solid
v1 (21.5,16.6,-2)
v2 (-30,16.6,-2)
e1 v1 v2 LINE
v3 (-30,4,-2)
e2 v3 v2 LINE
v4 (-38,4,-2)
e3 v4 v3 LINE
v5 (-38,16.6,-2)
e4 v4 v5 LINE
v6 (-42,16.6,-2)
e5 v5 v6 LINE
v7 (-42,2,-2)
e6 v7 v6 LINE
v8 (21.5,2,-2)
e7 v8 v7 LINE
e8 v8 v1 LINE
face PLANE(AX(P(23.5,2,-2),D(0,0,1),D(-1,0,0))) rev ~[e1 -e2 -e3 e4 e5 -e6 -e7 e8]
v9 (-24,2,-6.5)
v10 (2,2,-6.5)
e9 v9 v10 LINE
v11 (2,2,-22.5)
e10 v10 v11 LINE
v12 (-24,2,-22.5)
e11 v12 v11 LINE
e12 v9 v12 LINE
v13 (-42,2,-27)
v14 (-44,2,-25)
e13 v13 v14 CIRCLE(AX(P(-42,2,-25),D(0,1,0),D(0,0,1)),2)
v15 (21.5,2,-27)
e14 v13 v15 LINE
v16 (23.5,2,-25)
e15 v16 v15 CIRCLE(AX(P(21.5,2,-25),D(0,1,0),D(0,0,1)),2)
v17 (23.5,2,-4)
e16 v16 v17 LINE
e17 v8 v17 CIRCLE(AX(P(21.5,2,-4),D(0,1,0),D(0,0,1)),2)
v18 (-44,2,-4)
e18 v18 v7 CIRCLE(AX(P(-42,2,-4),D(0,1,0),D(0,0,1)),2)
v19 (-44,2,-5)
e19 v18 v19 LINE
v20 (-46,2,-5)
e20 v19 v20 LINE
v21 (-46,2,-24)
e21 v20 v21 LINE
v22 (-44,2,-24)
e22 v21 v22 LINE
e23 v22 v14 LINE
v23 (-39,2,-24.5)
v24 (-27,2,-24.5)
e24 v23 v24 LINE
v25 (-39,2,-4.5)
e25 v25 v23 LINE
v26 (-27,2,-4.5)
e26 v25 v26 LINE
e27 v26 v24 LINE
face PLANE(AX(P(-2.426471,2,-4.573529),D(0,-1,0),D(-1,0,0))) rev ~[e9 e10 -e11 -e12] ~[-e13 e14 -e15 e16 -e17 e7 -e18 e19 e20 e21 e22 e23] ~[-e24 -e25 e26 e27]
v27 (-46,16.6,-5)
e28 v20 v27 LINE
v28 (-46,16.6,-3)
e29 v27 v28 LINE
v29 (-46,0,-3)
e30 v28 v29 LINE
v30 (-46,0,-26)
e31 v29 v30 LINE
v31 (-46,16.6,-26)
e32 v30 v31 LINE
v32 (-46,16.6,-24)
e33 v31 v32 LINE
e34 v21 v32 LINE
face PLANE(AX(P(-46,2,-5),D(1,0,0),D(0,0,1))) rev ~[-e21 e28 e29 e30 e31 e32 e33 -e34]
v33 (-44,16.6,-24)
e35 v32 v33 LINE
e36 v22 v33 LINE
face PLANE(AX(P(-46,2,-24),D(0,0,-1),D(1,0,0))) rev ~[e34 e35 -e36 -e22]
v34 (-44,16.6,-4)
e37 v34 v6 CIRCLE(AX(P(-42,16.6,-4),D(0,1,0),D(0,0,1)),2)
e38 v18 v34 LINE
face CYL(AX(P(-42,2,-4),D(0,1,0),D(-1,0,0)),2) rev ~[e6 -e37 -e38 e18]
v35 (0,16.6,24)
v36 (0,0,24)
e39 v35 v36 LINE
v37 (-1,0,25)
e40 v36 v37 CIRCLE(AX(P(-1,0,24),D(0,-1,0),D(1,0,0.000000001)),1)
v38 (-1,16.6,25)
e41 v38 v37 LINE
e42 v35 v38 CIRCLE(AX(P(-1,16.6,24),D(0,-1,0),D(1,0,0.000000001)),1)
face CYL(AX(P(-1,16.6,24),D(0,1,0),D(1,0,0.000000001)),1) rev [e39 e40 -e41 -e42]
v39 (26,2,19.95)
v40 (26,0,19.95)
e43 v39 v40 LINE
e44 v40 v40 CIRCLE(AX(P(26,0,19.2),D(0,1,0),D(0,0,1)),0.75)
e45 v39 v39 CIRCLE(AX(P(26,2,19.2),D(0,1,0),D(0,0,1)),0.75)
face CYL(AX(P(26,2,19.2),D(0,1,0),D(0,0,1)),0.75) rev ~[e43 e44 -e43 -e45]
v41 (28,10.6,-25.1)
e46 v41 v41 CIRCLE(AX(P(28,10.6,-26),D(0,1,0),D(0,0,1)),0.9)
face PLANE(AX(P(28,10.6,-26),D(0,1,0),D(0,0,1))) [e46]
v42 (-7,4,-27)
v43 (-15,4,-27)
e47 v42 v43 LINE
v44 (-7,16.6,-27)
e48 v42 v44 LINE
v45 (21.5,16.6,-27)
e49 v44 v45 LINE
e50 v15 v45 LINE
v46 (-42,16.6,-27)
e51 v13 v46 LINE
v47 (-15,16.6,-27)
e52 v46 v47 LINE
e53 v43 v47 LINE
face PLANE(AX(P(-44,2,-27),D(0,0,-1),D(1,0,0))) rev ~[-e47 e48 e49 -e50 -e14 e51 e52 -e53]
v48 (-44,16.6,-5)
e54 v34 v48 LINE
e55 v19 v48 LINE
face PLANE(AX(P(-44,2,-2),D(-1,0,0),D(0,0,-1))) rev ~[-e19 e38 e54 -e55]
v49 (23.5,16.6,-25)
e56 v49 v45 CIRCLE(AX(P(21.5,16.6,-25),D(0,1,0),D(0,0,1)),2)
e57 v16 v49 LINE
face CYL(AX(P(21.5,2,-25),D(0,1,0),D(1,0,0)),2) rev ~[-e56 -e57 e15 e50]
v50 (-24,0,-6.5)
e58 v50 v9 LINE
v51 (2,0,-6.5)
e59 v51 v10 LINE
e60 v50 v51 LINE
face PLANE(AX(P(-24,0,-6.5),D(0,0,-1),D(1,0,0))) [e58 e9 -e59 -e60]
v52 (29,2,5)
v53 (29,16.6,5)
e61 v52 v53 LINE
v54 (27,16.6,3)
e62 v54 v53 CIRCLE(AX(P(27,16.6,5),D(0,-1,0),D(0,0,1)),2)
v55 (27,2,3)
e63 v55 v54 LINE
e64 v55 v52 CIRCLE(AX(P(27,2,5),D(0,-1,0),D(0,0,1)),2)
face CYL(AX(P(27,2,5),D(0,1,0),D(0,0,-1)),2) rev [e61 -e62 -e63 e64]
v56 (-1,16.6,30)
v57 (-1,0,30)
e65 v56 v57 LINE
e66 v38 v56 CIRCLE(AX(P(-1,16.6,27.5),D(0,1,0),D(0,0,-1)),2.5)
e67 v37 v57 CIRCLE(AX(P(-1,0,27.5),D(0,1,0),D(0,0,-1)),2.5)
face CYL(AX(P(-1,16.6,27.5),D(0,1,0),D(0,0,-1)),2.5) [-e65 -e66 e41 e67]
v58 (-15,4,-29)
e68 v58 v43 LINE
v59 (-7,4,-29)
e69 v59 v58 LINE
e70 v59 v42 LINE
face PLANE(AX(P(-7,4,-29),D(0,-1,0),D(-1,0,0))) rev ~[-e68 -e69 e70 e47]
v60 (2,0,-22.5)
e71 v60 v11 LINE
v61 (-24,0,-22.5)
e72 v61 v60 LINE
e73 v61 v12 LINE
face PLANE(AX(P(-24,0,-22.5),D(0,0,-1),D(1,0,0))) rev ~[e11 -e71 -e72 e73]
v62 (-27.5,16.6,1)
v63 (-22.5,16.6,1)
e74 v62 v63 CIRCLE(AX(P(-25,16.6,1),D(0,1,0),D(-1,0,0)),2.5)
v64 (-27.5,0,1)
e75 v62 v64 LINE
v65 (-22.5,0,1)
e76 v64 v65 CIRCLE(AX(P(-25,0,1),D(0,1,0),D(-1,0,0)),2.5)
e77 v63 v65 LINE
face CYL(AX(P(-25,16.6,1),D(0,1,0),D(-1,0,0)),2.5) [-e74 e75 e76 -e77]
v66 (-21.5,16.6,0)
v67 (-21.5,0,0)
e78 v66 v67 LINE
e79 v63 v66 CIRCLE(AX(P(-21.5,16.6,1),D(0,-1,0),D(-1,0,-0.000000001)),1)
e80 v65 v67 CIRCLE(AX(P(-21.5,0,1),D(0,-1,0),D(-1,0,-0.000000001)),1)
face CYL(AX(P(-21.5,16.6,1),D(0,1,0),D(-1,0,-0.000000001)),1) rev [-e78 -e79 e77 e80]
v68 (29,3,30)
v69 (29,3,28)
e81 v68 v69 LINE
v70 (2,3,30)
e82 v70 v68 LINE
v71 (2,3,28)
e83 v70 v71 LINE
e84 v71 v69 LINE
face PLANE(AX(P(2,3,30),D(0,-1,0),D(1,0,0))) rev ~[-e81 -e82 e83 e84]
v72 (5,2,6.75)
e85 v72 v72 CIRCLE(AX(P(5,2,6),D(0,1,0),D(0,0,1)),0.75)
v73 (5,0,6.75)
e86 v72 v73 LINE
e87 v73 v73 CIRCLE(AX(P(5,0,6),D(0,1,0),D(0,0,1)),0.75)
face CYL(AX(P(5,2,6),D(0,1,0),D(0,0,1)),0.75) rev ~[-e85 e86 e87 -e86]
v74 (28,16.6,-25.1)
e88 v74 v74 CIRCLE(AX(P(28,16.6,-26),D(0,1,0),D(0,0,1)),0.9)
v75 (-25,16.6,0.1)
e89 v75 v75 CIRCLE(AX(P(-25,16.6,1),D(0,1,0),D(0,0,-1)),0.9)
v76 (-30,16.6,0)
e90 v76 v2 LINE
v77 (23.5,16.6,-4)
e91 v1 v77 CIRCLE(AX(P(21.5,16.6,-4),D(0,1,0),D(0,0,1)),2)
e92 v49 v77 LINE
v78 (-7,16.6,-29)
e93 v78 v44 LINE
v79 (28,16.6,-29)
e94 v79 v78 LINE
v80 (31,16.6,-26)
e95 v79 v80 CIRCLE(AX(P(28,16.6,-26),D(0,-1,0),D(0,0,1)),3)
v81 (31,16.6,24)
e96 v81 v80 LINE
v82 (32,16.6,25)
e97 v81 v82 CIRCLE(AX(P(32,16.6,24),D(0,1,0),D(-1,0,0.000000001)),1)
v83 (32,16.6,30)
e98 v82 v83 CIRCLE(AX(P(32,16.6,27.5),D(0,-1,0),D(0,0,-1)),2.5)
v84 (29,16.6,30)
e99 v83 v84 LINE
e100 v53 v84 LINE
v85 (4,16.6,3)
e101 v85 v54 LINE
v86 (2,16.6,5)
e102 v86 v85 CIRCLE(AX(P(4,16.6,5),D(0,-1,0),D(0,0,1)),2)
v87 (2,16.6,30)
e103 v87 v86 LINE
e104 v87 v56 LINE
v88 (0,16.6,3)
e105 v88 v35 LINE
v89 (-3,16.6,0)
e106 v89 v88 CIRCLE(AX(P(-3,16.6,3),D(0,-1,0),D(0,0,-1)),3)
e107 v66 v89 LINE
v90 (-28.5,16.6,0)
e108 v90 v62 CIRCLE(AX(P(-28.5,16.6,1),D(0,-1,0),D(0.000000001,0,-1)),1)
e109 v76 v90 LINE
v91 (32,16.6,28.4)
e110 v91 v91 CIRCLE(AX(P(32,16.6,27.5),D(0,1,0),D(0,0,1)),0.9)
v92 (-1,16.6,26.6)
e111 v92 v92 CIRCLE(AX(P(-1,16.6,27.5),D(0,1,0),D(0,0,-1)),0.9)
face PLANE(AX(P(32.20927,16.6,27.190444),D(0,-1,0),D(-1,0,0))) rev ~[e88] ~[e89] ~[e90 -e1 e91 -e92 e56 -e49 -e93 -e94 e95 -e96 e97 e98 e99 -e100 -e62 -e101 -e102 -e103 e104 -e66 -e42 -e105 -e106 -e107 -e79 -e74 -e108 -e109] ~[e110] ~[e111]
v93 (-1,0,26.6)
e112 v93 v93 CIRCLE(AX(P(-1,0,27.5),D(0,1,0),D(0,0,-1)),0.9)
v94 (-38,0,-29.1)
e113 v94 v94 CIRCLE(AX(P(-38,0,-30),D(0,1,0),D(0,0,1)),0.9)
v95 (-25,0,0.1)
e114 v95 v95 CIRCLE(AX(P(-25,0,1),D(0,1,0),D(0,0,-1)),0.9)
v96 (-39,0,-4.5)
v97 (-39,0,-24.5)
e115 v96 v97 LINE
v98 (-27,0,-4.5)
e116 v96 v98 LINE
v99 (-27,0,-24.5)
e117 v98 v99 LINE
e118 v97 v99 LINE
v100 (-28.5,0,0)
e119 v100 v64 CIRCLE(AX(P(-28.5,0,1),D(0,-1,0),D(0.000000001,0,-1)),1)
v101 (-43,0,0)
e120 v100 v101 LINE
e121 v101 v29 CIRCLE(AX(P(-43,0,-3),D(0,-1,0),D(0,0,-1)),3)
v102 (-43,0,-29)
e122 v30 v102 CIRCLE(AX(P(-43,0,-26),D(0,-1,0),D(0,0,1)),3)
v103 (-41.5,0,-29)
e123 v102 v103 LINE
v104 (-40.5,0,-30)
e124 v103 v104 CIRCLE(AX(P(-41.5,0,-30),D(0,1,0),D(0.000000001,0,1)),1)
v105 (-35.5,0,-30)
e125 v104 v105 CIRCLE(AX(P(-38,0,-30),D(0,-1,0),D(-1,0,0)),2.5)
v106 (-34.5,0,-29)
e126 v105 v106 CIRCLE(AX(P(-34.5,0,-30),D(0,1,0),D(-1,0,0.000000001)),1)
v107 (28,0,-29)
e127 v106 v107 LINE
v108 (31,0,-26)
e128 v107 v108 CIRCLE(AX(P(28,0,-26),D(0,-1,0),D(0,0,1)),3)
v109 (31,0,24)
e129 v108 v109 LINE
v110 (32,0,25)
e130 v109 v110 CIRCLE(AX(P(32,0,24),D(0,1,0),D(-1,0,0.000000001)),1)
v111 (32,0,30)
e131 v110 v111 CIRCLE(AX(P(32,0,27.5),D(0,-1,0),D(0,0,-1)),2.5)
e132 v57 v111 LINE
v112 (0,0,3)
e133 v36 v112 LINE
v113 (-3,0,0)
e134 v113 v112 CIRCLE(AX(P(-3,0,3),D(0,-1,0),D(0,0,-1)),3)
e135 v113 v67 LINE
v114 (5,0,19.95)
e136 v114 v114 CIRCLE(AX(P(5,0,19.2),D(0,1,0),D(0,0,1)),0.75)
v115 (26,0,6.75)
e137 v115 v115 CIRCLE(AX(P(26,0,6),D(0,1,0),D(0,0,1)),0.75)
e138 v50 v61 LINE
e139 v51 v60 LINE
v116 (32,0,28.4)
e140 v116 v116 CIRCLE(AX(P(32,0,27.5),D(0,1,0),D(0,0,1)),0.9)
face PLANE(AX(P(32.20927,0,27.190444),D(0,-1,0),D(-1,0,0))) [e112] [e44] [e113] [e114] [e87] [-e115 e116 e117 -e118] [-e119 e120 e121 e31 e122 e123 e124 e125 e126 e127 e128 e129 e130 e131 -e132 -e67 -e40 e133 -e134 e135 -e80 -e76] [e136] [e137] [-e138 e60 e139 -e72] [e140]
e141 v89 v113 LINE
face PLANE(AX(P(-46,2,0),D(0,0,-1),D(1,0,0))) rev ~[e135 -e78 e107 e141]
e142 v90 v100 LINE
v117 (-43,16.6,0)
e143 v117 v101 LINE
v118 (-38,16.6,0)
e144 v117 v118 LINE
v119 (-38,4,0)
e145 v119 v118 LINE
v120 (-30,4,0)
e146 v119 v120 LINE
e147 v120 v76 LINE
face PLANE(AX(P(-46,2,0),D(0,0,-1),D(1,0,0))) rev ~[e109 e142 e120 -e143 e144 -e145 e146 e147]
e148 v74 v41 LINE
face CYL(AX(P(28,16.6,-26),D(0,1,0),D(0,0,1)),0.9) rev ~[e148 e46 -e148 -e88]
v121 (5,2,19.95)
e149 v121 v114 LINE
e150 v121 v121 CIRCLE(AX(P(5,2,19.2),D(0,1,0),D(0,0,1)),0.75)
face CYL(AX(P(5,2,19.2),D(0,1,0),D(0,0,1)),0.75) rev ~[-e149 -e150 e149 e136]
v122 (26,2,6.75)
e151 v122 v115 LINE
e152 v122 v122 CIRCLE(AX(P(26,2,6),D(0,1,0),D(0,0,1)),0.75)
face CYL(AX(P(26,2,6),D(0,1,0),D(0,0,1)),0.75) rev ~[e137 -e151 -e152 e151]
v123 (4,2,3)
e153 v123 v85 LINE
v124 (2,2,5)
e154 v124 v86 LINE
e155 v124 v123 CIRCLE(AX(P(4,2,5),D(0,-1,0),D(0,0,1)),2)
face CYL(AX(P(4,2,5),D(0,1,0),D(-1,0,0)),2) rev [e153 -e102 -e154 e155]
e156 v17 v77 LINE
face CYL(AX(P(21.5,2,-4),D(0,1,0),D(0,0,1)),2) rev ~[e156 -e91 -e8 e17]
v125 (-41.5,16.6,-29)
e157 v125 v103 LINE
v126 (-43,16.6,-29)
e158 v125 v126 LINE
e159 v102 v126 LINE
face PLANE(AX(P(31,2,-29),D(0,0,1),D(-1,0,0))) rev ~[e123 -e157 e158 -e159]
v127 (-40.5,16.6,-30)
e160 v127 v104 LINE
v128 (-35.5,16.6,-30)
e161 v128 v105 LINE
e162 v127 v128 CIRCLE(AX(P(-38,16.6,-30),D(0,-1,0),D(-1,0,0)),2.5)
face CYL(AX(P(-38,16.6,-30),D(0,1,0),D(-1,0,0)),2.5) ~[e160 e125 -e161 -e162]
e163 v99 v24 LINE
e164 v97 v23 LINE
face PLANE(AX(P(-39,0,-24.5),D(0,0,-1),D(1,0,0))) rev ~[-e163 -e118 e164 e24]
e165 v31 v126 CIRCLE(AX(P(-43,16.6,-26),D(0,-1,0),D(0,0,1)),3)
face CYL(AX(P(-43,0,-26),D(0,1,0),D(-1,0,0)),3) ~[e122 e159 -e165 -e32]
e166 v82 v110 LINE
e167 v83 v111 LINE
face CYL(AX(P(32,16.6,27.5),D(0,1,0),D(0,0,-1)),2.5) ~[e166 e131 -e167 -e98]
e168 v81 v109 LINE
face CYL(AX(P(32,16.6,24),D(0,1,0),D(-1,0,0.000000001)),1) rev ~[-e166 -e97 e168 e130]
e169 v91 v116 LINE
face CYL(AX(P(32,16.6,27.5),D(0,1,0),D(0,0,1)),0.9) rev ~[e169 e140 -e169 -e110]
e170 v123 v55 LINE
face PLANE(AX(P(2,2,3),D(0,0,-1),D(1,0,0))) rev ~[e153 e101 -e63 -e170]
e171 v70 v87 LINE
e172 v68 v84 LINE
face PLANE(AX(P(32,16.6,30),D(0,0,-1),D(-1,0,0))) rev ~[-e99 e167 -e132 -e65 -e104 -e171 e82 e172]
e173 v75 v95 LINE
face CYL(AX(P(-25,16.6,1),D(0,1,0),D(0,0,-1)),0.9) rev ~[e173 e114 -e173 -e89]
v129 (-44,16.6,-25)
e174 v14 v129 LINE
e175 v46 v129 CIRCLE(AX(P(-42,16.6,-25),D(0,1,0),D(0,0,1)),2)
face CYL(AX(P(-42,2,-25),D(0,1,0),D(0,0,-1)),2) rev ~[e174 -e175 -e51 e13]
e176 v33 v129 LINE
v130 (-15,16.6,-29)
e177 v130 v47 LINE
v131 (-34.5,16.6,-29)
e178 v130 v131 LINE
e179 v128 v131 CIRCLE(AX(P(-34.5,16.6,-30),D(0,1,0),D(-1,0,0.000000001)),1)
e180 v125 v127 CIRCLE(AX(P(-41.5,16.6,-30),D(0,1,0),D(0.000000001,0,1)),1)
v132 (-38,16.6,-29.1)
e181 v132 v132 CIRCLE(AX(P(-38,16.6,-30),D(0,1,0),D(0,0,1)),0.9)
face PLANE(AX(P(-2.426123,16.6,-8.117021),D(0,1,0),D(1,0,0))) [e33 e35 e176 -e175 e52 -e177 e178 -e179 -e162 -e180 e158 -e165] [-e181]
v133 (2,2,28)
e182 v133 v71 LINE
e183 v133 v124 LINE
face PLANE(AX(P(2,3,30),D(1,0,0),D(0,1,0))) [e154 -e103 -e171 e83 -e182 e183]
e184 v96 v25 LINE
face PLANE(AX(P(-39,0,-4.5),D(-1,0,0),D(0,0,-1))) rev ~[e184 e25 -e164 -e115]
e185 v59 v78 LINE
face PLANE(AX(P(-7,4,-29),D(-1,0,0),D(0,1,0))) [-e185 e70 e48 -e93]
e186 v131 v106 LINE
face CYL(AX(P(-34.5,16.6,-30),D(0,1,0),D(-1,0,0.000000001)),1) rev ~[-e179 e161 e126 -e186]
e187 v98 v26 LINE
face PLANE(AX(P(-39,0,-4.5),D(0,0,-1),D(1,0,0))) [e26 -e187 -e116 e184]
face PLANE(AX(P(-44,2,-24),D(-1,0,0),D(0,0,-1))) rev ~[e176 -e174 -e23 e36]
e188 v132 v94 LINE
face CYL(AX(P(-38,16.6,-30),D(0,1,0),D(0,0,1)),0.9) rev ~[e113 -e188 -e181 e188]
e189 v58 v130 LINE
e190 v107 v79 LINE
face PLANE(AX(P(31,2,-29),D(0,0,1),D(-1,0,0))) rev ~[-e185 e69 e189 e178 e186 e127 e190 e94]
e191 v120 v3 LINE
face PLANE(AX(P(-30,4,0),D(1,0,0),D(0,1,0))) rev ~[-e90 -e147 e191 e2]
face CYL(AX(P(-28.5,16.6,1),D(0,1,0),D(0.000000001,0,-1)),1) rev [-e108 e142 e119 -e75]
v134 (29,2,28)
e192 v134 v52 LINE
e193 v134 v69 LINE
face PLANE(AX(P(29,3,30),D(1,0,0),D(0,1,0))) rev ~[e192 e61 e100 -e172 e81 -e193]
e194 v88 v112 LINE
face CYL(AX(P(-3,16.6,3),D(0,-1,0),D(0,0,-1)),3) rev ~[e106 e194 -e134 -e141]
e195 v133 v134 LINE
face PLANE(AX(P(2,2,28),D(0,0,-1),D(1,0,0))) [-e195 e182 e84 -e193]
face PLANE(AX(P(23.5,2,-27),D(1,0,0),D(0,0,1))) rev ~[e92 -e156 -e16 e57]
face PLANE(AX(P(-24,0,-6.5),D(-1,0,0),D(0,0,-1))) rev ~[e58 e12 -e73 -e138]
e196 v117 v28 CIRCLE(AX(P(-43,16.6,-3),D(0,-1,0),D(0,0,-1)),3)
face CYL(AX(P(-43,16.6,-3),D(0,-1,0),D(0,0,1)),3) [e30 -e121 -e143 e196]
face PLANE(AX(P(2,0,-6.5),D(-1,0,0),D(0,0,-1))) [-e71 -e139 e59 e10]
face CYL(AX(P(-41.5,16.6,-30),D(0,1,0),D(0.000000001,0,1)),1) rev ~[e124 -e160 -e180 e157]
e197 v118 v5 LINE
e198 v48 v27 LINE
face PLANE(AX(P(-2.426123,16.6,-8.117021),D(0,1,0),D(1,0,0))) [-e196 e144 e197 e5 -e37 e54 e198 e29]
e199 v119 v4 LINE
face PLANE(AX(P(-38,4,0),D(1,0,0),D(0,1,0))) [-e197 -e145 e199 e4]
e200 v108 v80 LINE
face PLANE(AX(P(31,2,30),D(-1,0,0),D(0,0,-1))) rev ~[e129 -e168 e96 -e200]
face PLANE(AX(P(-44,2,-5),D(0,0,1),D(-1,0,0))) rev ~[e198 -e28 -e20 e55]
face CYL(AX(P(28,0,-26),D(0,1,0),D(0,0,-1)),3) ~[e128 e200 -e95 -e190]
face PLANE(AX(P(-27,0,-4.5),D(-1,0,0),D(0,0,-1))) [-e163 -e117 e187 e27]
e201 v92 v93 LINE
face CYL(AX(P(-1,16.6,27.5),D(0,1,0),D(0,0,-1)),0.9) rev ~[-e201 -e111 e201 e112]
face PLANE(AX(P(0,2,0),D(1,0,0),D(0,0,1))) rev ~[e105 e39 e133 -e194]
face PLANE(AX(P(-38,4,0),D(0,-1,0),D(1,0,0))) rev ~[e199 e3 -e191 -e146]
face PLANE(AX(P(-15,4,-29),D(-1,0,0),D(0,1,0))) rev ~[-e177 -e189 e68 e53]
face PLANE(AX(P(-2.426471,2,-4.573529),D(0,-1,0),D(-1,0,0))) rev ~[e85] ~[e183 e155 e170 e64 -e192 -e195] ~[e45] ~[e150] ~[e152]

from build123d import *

# Parameters (mm, degrees)
CROQUIS1_W              = 12
CROQUIS1_H              = 20
CROQUIS1_W_2            = 26
CROQUIS1_H_2            = 16
SALIENTE_EXTRUIR1_DEPTH = 2
CROQUIS2_W              = 27
CROQUIS2_H              = 25
SALIENTE_EXTRUIR2_DEPTH = 14.6
CROQUIS3_W              = 27
CROQUIS3_H              = 13.6
CORTAR_EXTRUIR1_DEPTH   = 2
REDONDEO1_R             = 3
REDONDEO2_R             = 2
CROQUIS4_W              = 8
CROQUIS4_H              = 12.6
CORTAR_EXTRUIR2_DEPTH   = 2
CROQUIS5_W              = 8
CROQUIS5_H              = 12.6
CORTAR_EXTRUIR3_DEPTH   = 2
CROQUIS6_R              = 0.75
CORTAR_EXTRUIR4_DEPTH   = 2
CROQUIS7_R              = 0.9
SALIENTE_EXTRUIR3_DEPTH = 16.6
CROQUIS8_R              = 0.9
CORTAR_EXTRUIR5_DEPTH   = 6


with BuildPart() as part:
    # Croquis1 → Saliente-Extruir1 (new body)
    with BuildSketch(Plane(origin=(0, 0, 0), x_dir=(1, 0, 0), z_dir=(0, 1, 0))):
        Polygon((31, 29), (31, -30), (0, -30), (0, 0), (-46, 0), (-46, 29), align=None)
        with Locations((-33, 14.5)):
            Rectangle(CROQUIS1_W, CROQUIS1_H, mode=Mode.SUBTRACT)
        with Locations((-11, 14.5)):
            Rectangle(CROQUIS1_W_2, CROQUIS1_H_2, mode=Mode.SUBTRACT)
    extrude(amount=SALIENTE_EXTRUIR1_DEPTH)

    # Croquis2 → Saliente-Extruir2 (add)
    with BuildSketch(Plane(origin=(0, 2, 0), x_dir=(1, 0, 0), z_dir=(0, 1, 0))):
        Polygon((0, -30), (31, -30), (31, 29), (-46, 29), (-46, 24), (-44, 24), (-44, 27), (23.5, 27), (23.5, 2), (-44, 2), (-44, 5), (-46, 5), (-46, 0), (0, 0), align=None)
        with Locations((15.5, -15.5)):
            Rectangle(CROQUIS2_W, CROQUIS2_H, mode=Mode.SUBTRACT)
    extrude(amount=SALIENTE_EXTRUIR2_DEPTH)

    # Croquis3 → Cortar-Extruir1 (cut)
    with BuildSketch(Plane.XY.offset(30)):
        with Locations((15.5, 9.8)):
            Rectangle(CROQUIS3_W, CROQUIS3_H)
    extrude(amount=-CORTAR_EXTRUIR1_DEPTH, mode=Mode.SUBTRACT)

    # Redondeo1
    redondeo1_edges = [part.edges().sort_by_distance(p)[0] for p in [
        (0, 8.3, 0),
        (-46, 8.3, 0),
        (-46, 8.3, -29),
        (31, 8.3, -29),
    ]]
    fillet(redondeo1_edges, radius=REDONDEO1_R)

    # Redondeo2
    redondeo2_edges = [part.edges().sort_by_distance(p)[0] for p in [
        (-44, 9.3, -27),
        (23.5, 9.3, -27),
        (23.5, 9.3, -2),
        (-44, 9.3, -2),
        (29, 9.3, 3),
        (2, 9.3, 3),
    ]]
    fillet(redondeo2_edges, radius=REDONDEO2_R)

    # Croquis4 → Cortar-Extruir2 (cut)
    with BuildSketch(Plane.XY):
        with Locations((-34, 10.3)):
            Rectangle(CROQUIS4_W, CROQUIS4_H)
    extrude(amount=-CORTAR_EXTRUIR2_DEPTH, mode=Mode.SUBTRACT)

    # Croquis5 → Cortar-Extruir3 (cut)
    with BuildSketch(Plane(origin=(0, 0, -29), x_dir=(-1, 0, 0), z_dir=(0, 0, -1))):
        with Locations((11, 10.3)):
            Rectangle(CROQUIS5_W, CROQUIS5_H)
    extrude(amount=-CORTAR_EXTRUIR3_DEPTH, mode=Mode.SUBTRACT)

    # Croquis6 → Cortar-Extruir4 (cut)
    with BuildSketch(Plane(origin=(0, 2, 0), x_dir=(1, 0, 0), z_dir=(0, 1, 0))):
        with Locations(Location((26, -6, 0), (0, 0, 270))):
            Circle(CROQUIS6_R)
        with Locations(Location((5, -6, 0), (0, 0, 270))):
            Circle(CROQUIS6_R)
        with Locations(Location((5, -19.2, 0), (0, 0, 270))):
            Circle(CROQUIS6_R)
        with Locations(Location((26, -19.2, 0), (0, 0, 270))):
            Circle(CROQUIS6_R)
    extrude(amount=-CORTAR_EXTRUIR4_DEPTH, mode=Mode.SUBTRACT)

    # Croquis7 → Saliente-Extruir3 (add)
    # profile 1 of 4: a face of its own
    with BuildSketch(Plane(origin=(0, 16.6, 0), x_dir=(1, 0, 0), z_dir=(0, 1, 0))):
        with BuildLine():
            Line((31, -30), (31, -24))
            ThreePointArc((31, -24), (31.292893219, -24.707106781), (32, -25))
            ThreePointArc((32, -25), (34.5, -27.5), (32, -30))
            Line((32, -30), (31, -30))
        make_face()
        with Locations(Location((32, -27.5, 0), (0, 0, 270))):
            Circle(CROQUIS7_R, mode=Mode.SUBTRACT)
    # profile 2 of 4: a face of its own
    with BuildSketch(Plane(origin=(0, 16.6, 0), x_dir=(1, 0, 0), z_dir=(0, 1, 0))):
        with BuildLine():
            Line((-1, -30), (0, -30))
            Line((0, -30), (0, -24))
            ThreePointArc((0, -24), (-0.292893219, -24.707106781), (-1, -25))
            ThreePointArc((-1, -25), (-3.5, -27.5), (-1, -30))
        make_face()
        with Locations(Location((-1, -27.5, 0), (0, 0, 90))):
            Circle(CROQUIS7_R, mode=Mode.SUBTRACT)
    # profile 3 of 4: a face of its own
    with BuildSketch(Plane(origin=(0, 16.6, 0), x_dir=(1, 0, 0), z_dir=(0, 1, 0))):
        with BuildLine():
            Line((-34.5, 29), (-41.5, 29))
            ThreePointArc((-41.5, 29), (-40.792893219, 29.292893219), (-40.5, 30))
            ThreePointArc((-40.5, 30), (-38, 32.5), (-35.5, 30))
            ThreePointArc((-35.5, 30), (-35.207106781, 29.292893219), (-34.5, 29))
        make_face()
        with Locations(Location((-38, 30, 0), (0, 0, 270))):
            Circle(CROQUIS7_R, mode=Mode.SUBTRACT)
    # profile 4 of 4: a face of its own
    with BuildSketch(Plane(origin=(0, 16.6, 0), x_dir=(1, 0, 0), z_dir=(0, 1, 0))):
        with BuildLine():
            Line((-21.5, 0), (-28.5, 0))
            ThreePointArc((-28.5, 0), (-27.792893219, -0.292893219), (-27.5, -1))
            ThreePointArc((-27.5, -1), (-25, -3.5), (-22.5, -1))
            ThreePointArc((-22.5, -1), (-22.207106781, -0.292893219), (-21.5, 0))
        make_face()
        with Locations(Location((-25, -1, 0), (0, 0, 90))):
            Circle(CROQUIS7_R, mode=Mode.SUBTRACT)
    extrude(amount=-SALIENTE_EXTRUIR3_DEPTH)

    # Croquis8 → Cortar-Extruir5 (cut)
    with BuildSketch(Plane(origin=(0, 16.6, 0), x_dir=(1, 0, 0), z_dir=(0, 1, 0))):
        with Locations(Location((28, 26, 0), (0, 0, 270))):
            Circle(CROQUIS8_R)
    extrude(amount=-CORTAR_EXTRUIR5_DEPTH, mode=Mode.SUBTRACT)


solid = part.part
